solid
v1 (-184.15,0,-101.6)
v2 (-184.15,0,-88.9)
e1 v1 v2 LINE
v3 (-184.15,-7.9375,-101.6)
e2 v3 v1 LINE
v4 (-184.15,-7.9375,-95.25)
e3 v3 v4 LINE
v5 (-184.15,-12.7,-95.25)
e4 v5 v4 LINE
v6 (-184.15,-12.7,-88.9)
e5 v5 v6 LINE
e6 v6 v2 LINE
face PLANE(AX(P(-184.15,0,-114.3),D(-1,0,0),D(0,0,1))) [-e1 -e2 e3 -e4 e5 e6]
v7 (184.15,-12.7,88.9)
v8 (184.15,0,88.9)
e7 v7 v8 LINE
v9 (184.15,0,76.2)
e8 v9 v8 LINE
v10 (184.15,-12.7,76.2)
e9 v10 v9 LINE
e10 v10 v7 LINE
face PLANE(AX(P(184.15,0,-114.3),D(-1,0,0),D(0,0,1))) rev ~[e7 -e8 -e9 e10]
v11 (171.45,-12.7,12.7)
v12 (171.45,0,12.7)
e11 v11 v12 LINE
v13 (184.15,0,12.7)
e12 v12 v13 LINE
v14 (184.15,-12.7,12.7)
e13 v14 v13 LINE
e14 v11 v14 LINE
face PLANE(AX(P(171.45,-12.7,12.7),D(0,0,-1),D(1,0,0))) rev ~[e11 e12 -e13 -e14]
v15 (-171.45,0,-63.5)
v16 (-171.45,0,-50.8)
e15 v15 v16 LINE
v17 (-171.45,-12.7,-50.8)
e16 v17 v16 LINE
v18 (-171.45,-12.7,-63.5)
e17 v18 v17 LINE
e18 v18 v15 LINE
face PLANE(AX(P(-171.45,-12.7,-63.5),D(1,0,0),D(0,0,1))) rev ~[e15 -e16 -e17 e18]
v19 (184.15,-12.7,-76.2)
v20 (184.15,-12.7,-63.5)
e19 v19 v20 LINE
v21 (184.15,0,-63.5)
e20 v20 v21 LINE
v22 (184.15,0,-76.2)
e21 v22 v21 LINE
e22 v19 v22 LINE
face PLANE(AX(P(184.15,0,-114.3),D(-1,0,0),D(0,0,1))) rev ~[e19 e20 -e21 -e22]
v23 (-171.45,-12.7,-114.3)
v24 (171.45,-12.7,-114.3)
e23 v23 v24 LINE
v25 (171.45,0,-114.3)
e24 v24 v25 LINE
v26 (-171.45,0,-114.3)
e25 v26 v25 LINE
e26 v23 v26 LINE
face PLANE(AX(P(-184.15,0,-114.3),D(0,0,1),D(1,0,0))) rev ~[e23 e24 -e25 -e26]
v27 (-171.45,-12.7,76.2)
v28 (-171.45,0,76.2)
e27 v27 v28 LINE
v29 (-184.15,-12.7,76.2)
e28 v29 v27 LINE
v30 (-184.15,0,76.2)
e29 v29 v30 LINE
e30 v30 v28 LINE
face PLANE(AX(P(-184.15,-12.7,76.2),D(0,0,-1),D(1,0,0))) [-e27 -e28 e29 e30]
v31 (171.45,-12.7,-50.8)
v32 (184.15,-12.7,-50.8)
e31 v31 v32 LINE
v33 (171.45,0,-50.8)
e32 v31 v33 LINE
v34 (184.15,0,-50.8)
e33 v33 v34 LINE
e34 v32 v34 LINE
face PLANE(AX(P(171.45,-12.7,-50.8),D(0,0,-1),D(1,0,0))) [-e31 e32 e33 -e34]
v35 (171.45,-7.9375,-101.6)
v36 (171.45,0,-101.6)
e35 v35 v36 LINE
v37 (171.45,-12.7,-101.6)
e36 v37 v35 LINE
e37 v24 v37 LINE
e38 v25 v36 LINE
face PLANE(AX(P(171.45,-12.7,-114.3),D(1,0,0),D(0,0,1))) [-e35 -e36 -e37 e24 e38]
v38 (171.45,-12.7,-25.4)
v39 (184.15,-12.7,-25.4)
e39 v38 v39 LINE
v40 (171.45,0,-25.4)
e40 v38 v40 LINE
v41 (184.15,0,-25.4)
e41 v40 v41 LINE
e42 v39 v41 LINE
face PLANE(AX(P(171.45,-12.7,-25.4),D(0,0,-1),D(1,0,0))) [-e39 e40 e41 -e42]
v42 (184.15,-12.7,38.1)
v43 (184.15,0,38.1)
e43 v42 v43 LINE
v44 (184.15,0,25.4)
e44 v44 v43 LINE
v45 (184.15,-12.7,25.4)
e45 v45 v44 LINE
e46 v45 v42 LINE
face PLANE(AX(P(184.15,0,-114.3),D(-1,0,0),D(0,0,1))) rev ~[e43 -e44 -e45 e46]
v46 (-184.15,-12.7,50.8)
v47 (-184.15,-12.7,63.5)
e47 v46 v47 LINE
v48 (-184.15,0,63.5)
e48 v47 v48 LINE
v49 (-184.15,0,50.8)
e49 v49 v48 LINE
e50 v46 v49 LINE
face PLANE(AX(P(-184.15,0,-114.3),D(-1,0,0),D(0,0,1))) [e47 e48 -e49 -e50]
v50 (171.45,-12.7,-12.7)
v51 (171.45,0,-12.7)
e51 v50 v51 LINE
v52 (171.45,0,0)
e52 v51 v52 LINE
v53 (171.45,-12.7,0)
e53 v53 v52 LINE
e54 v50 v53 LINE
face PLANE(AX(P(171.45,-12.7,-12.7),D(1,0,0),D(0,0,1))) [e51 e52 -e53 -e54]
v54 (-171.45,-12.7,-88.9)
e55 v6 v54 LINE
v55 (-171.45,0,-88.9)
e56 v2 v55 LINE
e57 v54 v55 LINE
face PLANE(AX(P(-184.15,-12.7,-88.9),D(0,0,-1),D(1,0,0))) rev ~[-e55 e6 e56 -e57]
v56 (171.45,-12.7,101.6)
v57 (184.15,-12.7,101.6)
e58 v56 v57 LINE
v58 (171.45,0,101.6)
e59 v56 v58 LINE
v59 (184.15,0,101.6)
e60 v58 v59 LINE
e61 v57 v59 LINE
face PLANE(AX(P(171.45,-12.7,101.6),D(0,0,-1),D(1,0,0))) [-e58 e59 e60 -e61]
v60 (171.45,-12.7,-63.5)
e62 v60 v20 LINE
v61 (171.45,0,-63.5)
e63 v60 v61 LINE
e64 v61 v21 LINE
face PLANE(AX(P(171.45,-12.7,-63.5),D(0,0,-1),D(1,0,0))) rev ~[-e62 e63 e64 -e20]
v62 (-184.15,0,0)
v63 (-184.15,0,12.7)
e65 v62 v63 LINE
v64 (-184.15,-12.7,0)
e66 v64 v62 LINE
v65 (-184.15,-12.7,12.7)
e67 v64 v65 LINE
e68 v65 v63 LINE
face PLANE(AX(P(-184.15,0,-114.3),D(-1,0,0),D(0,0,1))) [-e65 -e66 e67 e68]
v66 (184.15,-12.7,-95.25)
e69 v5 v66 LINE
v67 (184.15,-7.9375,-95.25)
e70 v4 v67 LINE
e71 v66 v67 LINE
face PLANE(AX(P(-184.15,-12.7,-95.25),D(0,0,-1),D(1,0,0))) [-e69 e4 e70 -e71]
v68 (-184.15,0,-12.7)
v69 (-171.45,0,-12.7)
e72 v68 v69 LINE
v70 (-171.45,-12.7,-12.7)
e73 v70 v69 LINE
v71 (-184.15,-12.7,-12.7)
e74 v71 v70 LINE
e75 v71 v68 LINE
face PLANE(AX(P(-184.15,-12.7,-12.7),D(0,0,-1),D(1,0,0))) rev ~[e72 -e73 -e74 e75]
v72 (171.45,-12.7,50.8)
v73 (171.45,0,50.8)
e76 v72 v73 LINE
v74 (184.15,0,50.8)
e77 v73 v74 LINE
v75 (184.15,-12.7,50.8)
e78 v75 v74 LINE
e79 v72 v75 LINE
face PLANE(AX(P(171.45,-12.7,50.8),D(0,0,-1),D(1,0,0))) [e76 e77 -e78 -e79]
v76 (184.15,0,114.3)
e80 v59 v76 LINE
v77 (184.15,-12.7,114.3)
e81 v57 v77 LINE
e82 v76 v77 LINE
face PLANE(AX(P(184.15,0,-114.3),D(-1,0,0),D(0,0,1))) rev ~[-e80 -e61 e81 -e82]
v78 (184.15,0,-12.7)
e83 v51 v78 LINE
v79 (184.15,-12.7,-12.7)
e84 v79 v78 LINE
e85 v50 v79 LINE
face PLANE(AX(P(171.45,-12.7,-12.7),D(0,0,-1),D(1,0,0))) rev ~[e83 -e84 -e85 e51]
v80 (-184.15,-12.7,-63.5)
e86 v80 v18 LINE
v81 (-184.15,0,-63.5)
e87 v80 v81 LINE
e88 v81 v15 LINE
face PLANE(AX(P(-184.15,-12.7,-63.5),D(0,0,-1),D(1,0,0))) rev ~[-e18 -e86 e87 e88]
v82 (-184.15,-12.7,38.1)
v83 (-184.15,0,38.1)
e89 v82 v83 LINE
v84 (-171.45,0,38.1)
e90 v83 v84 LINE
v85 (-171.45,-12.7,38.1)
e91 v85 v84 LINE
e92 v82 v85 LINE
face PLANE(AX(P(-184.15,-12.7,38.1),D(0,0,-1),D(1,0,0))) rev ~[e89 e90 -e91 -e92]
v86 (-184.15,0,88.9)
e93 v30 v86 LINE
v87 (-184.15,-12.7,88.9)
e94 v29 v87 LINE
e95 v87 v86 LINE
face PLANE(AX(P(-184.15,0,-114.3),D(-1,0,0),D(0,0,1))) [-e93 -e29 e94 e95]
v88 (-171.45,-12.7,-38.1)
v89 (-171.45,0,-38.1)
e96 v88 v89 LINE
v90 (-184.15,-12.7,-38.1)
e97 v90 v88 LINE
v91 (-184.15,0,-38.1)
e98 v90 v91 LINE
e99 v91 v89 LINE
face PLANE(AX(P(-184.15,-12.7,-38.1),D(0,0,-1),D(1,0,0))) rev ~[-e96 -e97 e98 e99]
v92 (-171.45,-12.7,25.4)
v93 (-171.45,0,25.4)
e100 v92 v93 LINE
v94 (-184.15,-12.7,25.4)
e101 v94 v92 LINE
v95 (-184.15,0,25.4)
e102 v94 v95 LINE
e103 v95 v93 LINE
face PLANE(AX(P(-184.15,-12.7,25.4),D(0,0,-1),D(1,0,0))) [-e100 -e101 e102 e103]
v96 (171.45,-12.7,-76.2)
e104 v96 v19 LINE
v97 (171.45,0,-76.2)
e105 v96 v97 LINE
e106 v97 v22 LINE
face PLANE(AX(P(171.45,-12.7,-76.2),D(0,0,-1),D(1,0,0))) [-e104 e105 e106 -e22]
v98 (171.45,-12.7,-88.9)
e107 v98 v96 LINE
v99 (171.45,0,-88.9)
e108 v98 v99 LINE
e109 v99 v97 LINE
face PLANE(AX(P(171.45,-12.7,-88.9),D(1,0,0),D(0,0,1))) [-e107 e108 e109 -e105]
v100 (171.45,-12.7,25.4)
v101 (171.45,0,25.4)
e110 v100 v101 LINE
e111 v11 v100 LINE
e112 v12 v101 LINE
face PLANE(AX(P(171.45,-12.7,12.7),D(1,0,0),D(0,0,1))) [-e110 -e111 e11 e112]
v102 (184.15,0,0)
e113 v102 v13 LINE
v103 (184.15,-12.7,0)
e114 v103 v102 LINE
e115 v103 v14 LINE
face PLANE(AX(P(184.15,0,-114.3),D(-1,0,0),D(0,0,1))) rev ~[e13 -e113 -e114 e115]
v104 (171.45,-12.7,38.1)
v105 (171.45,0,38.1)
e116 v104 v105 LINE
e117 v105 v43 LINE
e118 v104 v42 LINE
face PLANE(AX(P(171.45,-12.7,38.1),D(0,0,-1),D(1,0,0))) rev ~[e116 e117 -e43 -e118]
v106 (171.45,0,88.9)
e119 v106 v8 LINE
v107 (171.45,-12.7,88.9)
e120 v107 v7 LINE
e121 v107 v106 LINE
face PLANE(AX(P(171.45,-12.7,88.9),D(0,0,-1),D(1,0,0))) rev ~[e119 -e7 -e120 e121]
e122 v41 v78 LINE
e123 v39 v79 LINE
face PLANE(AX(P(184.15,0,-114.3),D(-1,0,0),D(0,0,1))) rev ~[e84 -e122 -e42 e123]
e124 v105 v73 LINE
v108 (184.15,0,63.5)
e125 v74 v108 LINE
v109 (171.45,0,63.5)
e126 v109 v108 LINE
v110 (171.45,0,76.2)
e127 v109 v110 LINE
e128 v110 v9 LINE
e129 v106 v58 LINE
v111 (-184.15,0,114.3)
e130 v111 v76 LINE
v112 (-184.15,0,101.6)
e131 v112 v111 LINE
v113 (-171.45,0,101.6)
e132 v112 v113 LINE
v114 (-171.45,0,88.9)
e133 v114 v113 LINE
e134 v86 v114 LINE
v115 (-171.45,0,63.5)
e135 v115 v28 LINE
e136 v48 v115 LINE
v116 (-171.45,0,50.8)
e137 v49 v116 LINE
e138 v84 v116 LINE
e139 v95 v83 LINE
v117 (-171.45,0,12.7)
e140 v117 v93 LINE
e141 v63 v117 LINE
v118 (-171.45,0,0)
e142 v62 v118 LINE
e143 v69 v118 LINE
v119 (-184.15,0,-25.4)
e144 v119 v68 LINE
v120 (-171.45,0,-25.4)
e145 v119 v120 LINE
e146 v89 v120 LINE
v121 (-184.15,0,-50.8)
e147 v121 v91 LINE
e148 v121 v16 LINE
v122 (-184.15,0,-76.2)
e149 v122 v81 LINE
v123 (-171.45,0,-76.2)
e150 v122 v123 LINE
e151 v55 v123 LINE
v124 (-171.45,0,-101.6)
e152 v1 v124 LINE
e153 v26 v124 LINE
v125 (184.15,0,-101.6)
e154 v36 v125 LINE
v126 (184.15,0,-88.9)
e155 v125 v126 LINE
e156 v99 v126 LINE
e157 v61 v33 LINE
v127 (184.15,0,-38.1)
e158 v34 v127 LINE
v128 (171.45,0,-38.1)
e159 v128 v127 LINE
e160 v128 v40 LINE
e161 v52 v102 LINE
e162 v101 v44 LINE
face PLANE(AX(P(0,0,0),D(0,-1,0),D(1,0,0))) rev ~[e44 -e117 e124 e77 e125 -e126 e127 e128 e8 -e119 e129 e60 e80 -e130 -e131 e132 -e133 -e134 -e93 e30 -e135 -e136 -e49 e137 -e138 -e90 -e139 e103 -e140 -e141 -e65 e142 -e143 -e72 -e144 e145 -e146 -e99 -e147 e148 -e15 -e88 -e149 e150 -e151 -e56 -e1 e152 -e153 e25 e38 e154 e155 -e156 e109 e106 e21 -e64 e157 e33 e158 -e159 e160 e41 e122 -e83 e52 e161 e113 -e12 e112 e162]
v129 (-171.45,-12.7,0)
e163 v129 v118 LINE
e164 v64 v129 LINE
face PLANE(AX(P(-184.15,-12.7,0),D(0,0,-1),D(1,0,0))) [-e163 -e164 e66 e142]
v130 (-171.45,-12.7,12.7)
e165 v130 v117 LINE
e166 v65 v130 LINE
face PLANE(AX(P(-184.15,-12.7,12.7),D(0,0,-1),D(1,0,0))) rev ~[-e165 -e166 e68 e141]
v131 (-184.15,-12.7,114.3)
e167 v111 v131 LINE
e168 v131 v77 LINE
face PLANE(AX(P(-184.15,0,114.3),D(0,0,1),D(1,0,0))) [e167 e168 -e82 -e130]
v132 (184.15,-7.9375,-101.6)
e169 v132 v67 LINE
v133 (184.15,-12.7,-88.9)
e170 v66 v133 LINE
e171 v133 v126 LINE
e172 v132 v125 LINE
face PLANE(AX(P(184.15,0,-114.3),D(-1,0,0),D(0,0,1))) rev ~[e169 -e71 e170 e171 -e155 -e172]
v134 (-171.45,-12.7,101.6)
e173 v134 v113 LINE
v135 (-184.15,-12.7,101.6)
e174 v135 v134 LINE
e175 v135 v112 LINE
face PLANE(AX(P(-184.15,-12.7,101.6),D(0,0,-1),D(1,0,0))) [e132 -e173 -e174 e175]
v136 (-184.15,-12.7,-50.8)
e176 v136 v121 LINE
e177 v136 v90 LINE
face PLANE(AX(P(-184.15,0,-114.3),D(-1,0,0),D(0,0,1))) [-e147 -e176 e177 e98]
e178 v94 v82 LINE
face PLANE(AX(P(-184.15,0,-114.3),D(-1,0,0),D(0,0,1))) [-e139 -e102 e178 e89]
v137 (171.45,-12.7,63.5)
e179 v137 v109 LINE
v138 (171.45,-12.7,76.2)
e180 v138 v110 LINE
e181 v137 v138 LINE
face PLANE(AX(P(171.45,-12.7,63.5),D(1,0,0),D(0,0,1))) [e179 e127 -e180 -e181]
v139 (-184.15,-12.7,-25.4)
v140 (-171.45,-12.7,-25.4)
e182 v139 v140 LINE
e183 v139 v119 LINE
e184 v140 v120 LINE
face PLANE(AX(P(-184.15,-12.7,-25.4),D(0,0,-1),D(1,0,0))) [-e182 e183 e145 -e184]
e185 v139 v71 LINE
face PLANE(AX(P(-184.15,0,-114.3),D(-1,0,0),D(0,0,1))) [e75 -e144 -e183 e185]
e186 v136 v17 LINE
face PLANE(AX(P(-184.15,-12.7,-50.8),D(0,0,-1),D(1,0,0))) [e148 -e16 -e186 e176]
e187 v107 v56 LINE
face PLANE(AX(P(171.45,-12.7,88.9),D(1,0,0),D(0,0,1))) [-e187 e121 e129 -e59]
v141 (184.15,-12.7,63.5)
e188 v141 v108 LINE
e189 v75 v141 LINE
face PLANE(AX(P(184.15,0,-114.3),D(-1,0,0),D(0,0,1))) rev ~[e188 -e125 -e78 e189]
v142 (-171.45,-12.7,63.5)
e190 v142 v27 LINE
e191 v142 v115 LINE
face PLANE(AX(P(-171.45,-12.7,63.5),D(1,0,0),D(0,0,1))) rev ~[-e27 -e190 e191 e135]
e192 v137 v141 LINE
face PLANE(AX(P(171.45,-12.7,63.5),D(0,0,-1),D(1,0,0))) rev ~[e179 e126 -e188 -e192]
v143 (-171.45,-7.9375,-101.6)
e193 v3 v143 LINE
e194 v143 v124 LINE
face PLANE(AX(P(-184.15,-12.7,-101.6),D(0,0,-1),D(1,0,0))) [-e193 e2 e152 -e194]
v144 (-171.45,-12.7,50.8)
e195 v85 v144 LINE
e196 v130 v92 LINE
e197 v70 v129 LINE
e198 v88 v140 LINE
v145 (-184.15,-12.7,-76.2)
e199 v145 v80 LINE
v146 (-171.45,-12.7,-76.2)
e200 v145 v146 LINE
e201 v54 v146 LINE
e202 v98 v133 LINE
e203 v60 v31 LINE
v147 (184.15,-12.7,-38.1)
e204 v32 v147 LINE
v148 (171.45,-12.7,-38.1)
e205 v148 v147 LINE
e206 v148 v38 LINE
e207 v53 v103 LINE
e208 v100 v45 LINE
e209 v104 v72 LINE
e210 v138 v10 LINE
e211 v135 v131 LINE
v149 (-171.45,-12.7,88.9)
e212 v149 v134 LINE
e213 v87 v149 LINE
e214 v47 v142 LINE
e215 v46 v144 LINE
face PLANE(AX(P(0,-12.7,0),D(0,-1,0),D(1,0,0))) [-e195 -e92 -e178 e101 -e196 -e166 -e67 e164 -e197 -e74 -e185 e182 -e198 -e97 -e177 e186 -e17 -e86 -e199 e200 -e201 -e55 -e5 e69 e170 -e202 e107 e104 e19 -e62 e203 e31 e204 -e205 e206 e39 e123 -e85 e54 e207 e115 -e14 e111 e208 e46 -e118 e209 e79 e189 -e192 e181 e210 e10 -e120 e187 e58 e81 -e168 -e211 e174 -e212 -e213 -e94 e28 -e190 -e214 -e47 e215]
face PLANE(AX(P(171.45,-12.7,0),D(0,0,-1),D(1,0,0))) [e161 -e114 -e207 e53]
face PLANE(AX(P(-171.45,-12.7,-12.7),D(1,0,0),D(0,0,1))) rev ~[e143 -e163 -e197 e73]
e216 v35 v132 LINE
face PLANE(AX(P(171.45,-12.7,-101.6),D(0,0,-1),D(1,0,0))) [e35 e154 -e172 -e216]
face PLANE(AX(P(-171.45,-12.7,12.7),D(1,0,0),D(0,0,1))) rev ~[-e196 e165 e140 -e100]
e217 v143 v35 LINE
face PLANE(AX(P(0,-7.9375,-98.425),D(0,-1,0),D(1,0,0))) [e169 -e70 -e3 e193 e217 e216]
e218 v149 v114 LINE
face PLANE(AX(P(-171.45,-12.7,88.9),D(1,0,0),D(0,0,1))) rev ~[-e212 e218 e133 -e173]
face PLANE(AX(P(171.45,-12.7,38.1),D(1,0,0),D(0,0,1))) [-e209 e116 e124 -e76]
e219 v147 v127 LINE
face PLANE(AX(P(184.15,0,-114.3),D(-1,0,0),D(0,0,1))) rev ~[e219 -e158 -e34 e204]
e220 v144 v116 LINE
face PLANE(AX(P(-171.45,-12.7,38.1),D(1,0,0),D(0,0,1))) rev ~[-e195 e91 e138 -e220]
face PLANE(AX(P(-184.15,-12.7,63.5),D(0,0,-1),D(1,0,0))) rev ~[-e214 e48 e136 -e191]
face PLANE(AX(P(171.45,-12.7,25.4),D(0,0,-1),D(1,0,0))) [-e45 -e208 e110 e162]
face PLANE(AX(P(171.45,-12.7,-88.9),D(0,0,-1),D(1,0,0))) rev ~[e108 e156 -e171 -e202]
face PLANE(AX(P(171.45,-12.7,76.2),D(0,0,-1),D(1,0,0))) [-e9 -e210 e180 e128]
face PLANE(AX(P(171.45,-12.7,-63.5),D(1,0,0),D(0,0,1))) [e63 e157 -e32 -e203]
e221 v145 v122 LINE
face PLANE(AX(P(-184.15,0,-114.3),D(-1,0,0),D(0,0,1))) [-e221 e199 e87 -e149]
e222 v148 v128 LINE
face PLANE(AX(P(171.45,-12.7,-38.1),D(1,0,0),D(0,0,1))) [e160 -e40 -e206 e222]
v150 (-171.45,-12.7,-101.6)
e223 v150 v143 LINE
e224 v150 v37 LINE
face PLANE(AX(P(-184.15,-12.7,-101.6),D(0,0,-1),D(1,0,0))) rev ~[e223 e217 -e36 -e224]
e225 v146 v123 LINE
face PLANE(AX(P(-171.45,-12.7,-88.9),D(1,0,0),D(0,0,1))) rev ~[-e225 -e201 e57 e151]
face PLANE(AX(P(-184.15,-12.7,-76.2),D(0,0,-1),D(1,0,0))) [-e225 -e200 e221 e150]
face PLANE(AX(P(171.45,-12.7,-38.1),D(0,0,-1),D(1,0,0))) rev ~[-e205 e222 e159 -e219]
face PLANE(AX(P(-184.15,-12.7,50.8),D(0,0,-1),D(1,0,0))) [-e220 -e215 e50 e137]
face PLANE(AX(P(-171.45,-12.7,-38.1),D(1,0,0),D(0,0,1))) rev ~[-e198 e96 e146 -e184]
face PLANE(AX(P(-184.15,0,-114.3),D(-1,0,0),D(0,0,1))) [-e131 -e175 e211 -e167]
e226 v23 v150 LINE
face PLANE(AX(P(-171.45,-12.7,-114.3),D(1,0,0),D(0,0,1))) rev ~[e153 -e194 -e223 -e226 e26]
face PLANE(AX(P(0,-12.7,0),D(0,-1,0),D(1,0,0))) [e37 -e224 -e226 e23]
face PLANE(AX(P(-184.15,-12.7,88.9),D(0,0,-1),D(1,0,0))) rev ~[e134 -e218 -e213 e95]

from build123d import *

# Parameters (mm, degrees)
F0_W     = 368.3
F0_H     = 228.6
F1_DEPTH = 12.7
F2_W     = 12.7
F2_H     = 12.7
F3_DEPTH = 25.4
F4_DEPTH = 25.4
F5_W     = 368.3
F5_H     = 6.35
F6_DEPTH = 4.7625


with BuildPart() as f1:
    # F0 (on Front) → F1 (new body)
    with BuildSketch(Plane.XZ):
        Rectangle(F0_W, F0_H)
    extrude(amount=F1_DEPTH)

    # F2 (on face) → F3 (cut)
    with BuildSketch(Plane.XZ.offset(12.7)):
        with Locations((-177.8, 95.25)):
            Rectangle(F2_W, F2_H)
        with Locations((-177.8, 69.85)):
            Rectangle(F2_W, F2_H)
        with Locations((-177.8, 44.45)):
            Rectangle(F2_W, F2_H)
        with Locations((-177.8, 19.05)):
            Rectangle(F2_W, F2_H)
        with Locations((-177.8, -6.35)):
            Rectangle(F2_W, F2_H)
        with Locations((-177.8, -31.75)):
            Rectangle(F2_W, F2_H)
        with Locations((-177.8, -57.15)):
            Rectangle(F2_W, F2_H)
        with Locations((-177.8, -82.55)):
            Rectangle(F2_W, F2_H)
        with Locations((-177.8, -107.95)):
            Rectangle(F2_W, F2_H)
        with Locations((177.8, 69.85)):
            Rectangle(F2_W, F2_H)
        with Locations((177.8, 95.25)):
            Rectangle(F2_W, F2_H)
        with Locations((177.8, -82.55)):
            Rectangle(F2_W, F2_H)
        with Locations((177.8, -107.95)):
            Rectangle(F2_W, F2_H)
        with Locations((177.8, -57.15)):
            Rectangle(F2_W, F2_H)
        with Locations((177.8, -6.35)):
            Rectangle(F2_W, F2_H)
        with Locations((177.8, 19.05)):
            Rectangle(F2_W, F2_H)
        with Locations((177.8, 44.45)):
            Rectangle(F2_W, F2_H)
        with Locations((177.8, -31.75)):
            Rectangle(F2_W, F2_H)
    extrude(amount=-F3_DEPTH, mode=Mode.SUBTRACT)

    # F2 (on face) → F4 (cut)
    with BuildSketch(Plane.XZ.offset(12.7)):
        with Locations((-177.8, 95.25)):
            Rectangle(F2_W, F2_H)
        with Locations((-177.8, 69.85)):
            Rectangle(F2_W, F2_H)
        with Locations((-177.8, 44.45)):
            Rectangle(F2_W, F2_H)
        with Locations((-177.8, 19.05)):
            Rectangle(F2_W, F2_H)
        with Locations((-177.8, -6.35)):
            Rectangle(F2_W, F2_H)
        with Locations((-177.8, -31.75)):
            Rectangle(F2_W, F2_H)
        with Locations((-177.8, -57.15)):
            Rectangle(F2_W, F2_H)
        with Locations((-177.8, -82.55)):
            Rectangle(F2_W, F2_H)
        with Locations((-177.8, -107.95)):
            Rectangle(F2_W, F2_H)
        with Locations((177.8, 69.85)):
            Rectangle(F2_W, F2_H)
        with Locations((177.8, 95.25)):
            Rectangle(F2_W, F2_H)
        with Locations((177.8, -82.55)):
            Rectangle(F2_W, F2_H)
        with Locations((177.8, -107.95)):
            Rectangle(F2_W, F2_H)
        with Locations((177.8, -57.15)):
            Rectangle(F2_W, F2_H)
        with Locations((177.8, -6.35)):
            Rectangle(F2_W, F2_H)
        with Locations((177.8, 19.05)):
            Rectangle(F2_W, F2_H)
        with Locations((177.8, 44.45)):
            Rectangle(F2_W, F2_H)
        with Locations((177.8, -31.75)):
            Rectangle(F2_W, F2_H)
    extrude(amount=-F4_DEPTH, mode=Mode.SUBTRACT)

    # F5 (on face) → F6 (cut)
    with BuildSketch(Plane.XZ.offset(12.7)):
        with Locations((0, -98.425)):
            Rectangle(F5_W, F5_H)
    extrude(amount=-F6_DEPTH, mode=Mode.SUBTRACT)


solid = f1.part
